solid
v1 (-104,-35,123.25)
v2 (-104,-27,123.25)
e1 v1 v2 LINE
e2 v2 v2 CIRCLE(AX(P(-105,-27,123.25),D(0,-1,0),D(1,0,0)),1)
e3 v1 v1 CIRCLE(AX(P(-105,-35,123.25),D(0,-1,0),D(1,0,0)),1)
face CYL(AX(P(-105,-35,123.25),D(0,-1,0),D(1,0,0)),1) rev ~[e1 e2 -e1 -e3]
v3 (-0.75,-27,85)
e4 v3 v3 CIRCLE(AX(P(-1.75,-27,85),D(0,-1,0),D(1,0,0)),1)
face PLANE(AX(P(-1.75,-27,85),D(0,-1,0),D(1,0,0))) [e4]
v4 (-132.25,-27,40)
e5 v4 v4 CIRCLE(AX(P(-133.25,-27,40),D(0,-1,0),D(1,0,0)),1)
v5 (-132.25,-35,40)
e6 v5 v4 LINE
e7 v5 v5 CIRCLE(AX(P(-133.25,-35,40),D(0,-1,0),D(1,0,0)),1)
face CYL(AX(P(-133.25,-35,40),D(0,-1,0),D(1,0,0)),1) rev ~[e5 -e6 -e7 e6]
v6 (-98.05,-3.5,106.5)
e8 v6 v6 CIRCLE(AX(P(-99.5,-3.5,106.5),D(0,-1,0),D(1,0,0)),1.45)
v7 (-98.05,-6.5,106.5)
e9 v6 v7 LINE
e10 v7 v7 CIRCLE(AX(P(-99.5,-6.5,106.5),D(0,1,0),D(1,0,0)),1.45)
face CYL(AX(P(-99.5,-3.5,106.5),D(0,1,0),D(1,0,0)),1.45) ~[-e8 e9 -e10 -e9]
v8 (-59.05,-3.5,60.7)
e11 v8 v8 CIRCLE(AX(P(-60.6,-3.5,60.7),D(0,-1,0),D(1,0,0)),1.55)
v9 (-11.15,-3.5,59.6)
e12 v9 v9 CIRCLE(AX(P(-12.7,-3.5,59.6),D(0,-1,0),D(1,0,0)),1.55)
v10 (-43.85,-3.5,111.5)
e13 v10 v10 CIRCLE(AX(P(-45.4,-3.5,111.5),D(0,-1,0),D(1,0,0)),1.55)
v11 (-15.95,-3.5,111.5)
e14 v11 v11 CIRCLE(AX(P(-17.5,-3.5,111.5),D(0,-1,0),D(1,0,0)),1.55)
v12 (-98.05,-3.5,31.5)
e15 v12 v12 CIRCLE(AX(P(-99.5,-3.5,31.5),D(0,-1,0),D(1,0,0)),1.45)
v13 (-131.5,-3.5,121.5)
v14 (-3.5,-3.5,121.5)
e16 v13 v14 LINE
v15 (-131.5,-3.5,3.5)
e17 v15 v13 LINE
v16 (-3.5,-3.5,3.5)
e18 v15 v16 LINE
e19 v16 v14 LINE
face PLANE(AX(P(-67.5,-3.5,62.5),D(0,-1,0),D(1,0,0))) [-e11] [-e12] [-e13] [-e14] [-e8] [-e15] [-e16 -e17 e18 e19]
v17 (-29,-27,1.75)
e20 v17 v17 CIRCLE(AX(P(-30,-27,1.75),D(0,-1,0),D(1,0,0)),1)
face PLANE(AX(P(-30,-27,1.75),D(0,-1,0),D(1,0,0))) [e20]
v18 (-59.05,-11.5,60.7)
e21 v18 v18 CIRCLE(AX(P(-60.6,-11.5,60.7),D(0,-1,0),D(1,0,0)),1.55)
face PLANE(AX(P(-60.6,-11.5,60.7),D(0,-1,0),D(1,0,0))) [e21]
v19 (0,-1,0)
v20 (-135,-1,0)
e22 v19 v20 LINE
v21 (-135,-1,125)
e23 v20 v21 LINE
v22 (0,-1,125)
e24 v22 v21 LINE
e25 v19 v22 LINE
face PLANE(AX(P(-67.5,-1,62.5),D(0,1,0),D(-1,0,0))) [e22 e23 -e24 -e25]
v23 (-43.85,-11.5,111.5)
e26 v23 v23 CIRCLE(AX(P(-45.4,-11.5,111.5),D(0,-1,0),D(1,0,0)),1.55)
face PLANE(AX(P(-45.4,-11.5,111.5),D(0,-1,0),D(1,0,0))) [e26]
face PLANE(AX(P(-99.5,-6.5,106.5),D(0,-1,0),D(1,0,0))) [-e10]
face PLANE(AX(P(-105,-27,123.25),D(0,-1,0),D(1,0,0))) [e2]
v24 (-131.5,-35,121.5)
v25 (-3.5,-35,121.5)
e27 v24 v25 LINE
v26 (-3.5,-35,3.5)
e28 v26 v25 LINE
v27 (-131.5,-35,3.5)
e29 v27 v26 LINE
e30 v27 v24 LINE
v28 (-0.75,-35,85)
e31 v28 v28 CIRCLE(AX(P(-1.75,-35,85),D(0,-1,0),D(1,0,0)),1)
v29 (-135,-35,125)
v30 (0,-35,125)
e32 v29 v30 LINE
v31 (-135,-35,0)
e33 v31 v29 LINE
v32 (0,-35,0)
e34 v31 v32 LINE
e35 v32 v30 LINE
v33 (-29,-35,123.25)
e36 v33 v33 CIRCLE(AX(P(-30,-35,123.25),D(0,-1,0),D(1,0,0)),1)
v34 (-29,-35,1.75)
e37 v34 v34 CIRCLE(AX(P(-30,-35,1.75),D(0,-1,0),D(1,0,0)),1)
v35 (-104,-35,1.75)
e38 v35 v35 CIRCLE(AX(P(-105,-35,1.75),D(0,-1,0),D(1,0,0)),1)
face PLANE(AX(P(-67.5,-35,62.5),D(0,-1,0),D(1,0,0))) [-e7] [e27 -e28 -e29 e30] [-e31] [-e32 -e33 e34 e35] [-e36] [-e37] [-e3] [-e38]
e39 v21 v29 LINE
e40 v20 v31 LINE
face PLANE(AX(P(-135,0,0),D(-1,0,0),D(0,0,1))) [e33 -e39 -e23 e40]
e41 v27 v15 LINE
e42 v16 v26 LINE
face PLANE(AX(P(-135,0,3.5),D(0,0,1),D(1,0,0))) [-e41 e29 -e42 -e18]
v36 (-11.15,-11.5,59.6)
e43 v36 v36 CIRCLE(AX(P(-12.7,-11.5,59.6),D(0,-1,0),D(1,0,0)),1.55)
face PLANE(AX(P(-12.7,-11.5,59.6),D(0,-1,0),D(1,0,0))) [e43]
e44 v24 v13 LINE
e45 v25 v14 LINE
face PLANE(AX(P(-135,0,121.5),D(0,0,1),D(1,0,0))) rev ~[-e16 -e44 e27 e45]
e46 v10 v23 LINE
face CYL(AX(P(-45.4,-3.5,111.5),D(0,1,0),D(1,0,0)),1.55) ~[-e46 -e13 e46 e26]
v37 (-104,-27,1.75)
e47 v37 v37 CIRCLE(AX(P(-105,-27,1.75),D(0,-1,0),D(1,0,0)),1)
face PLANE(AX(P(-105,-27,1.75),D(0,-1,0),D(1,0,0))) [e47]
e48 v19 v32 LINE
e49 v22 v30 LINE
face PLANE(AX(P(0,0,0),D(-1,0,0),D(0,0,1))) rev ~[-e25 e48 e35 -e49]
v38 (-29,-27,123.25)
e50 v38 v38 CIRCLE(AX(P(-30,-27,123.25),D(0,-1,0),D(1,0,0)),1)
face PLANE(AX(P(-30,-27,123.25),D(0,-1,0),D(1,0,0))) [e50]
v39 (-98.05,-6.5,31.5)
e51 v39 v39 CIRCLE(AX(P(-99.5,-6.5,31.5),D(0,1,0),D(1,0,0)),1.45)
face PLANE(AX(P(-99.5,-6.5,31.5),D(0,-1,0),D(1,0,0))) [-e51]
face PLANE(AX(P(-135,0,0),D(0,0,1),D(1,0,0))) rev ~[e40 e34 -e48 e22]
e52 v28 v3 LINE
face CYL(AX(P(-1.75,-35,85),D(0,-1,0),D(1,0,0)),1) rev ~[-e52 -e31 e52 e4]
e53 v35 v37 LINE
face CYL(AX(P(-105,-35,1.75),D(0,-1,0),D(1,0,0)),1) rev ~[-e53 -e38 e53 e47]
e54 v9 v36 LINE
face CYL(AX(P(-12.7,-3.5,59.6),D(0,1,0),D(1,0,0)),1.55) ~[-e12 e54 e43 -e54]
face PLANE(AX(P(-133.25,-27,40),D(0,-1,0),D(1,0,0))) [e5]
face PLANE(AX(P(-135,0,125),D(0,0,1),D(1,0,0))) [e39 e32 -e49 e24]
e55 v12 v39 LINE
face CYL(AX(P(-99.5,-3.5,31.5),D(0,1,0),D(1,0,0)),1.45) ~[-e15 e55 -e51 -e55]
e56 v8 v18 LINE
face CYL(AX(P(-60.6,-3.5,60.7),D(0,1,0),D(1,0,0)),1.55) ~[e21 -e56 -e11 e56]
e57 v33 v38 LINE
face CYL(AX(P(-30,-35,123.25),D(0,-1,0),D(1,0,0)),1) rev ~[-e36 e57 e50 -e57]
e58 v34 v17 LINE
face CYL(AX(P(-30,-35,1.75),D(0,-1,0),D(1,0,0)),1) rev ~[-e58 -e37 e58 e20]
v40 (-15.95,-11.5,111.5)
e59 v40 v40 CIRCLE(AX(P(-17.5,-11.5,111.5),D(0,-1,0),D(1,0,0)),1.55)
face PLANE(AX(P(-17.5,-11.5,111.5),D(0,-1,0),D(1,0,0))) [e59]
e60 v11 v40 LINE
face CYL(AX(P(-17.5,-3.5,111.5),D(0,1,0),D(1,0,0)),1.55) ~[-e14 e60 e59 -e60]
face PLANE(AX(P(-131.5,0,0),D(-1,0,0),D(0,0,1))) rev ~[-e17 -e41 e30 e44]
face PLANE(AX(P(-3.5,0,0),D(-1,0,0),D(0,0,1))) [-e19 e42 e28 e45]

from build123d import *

# Parameters (mm, degrees)
F0_W      = 135
F0_H      = 125
F1_DEPTH  = 35
F2_T      = -3.5
F3_R      = 1.45
F3_R_2    = 1.55
F4_DEPTH  = 8
F5_R      = 1
F6_DEPTH  = 8
F7_W      = 135
F7_H      = 125
F8_DEPTH  = 1
F9_R      = 1.830023
F10_DEPTH = 5
F11_R     = 2.785388
F12_DEPTH = 5


with BuildPart() as f1:
    # F0 (on Front) → F1 (new body)
    with BuildSketch(Plane.XZ):
        with Locations((-67.5, 62.5)):
            Rectangle(F0_W, F0_H)
    extrude(amount=F1_DEPTH)

    # F2
    f2_openings = [f1.faces().sort_by_distance(p)[0] for p in [
        (-67.5, -35, 62.5),
    ]]
    offset(amount=F2_T, openings=f2_openings)

    # F3 (on face) → F4 (join)
    with BuildSketch(Plane.XZ.offset(3.5)):
        with Locations((-99.5, 106.5)):
            Circle(F3_R)
        with Locations((-99.5, 31.5)):
            Circle(F3_R)
        with Locations((-45.4, 111.5)):
            Circle(F3_R_2)
        with Locations((-17.5, 111.5)):
            Circle(F3_R_2)
        with Locations((-12.7, 59.6)):
            Circle(F3_R_2)
        with Locations((-60.6, 60.7)):
            Circle(F3_R_2)
    extrude(amount=F4_DEPTH)

    # F5 (on face) → F6 (cut)
    with BuildSketch(Plane.XZ.offset(35)):
        with Locations((-30, 123.25)):
            Circle(F5_R)
        with Locations((-1.75, 85)):
            Circle(F5_R)
        with Locations((-30, 1.75)):
            Circle(F5_R)
        with Locations((-105, 1.75)):
            Circle(F5_R)
        with Locations((-133.25, 40)):
            Circle(F5_R)
        with Locations((-105, 123.25)):
            Circle(F5_R)
    extrude(amount=-F6_DEPTH, mode=Mode.SUBTRACT)

    # F7 (on face) → F8 (cut)
    with BuildSketch(Plane(origin=(0, 0, 0), x_dir=(-1, 0, 0), z_dir=(0, 1, 0))):
        with Locations((67.5, 62.5)):
            Rectangle(F7_W, F7_H)
    extrude(amount=-F8_DEPTH, mode=Mode.SUBTRACT)

    # F9 (on face) → F10 (cut)
    with BuildSketch(Plane.XZ.offset(11.5)):
        with Locations((-99.5, 106.5)):
            Circle(F9_R)
    extrude(amount=-F10_DEPTH, mode=Mode.SUBTRACT)

    # F11 (on face) → F12 (cut)
    with BuildSketch(Plane.XZ.offset(11.5)):
        with Locations((-99.5, 31.5)):
            Circle(F11_R)
    extrude(amount=-F12_DEPTH, mode=Mode.SUBTRACT)


solid = f1.part
